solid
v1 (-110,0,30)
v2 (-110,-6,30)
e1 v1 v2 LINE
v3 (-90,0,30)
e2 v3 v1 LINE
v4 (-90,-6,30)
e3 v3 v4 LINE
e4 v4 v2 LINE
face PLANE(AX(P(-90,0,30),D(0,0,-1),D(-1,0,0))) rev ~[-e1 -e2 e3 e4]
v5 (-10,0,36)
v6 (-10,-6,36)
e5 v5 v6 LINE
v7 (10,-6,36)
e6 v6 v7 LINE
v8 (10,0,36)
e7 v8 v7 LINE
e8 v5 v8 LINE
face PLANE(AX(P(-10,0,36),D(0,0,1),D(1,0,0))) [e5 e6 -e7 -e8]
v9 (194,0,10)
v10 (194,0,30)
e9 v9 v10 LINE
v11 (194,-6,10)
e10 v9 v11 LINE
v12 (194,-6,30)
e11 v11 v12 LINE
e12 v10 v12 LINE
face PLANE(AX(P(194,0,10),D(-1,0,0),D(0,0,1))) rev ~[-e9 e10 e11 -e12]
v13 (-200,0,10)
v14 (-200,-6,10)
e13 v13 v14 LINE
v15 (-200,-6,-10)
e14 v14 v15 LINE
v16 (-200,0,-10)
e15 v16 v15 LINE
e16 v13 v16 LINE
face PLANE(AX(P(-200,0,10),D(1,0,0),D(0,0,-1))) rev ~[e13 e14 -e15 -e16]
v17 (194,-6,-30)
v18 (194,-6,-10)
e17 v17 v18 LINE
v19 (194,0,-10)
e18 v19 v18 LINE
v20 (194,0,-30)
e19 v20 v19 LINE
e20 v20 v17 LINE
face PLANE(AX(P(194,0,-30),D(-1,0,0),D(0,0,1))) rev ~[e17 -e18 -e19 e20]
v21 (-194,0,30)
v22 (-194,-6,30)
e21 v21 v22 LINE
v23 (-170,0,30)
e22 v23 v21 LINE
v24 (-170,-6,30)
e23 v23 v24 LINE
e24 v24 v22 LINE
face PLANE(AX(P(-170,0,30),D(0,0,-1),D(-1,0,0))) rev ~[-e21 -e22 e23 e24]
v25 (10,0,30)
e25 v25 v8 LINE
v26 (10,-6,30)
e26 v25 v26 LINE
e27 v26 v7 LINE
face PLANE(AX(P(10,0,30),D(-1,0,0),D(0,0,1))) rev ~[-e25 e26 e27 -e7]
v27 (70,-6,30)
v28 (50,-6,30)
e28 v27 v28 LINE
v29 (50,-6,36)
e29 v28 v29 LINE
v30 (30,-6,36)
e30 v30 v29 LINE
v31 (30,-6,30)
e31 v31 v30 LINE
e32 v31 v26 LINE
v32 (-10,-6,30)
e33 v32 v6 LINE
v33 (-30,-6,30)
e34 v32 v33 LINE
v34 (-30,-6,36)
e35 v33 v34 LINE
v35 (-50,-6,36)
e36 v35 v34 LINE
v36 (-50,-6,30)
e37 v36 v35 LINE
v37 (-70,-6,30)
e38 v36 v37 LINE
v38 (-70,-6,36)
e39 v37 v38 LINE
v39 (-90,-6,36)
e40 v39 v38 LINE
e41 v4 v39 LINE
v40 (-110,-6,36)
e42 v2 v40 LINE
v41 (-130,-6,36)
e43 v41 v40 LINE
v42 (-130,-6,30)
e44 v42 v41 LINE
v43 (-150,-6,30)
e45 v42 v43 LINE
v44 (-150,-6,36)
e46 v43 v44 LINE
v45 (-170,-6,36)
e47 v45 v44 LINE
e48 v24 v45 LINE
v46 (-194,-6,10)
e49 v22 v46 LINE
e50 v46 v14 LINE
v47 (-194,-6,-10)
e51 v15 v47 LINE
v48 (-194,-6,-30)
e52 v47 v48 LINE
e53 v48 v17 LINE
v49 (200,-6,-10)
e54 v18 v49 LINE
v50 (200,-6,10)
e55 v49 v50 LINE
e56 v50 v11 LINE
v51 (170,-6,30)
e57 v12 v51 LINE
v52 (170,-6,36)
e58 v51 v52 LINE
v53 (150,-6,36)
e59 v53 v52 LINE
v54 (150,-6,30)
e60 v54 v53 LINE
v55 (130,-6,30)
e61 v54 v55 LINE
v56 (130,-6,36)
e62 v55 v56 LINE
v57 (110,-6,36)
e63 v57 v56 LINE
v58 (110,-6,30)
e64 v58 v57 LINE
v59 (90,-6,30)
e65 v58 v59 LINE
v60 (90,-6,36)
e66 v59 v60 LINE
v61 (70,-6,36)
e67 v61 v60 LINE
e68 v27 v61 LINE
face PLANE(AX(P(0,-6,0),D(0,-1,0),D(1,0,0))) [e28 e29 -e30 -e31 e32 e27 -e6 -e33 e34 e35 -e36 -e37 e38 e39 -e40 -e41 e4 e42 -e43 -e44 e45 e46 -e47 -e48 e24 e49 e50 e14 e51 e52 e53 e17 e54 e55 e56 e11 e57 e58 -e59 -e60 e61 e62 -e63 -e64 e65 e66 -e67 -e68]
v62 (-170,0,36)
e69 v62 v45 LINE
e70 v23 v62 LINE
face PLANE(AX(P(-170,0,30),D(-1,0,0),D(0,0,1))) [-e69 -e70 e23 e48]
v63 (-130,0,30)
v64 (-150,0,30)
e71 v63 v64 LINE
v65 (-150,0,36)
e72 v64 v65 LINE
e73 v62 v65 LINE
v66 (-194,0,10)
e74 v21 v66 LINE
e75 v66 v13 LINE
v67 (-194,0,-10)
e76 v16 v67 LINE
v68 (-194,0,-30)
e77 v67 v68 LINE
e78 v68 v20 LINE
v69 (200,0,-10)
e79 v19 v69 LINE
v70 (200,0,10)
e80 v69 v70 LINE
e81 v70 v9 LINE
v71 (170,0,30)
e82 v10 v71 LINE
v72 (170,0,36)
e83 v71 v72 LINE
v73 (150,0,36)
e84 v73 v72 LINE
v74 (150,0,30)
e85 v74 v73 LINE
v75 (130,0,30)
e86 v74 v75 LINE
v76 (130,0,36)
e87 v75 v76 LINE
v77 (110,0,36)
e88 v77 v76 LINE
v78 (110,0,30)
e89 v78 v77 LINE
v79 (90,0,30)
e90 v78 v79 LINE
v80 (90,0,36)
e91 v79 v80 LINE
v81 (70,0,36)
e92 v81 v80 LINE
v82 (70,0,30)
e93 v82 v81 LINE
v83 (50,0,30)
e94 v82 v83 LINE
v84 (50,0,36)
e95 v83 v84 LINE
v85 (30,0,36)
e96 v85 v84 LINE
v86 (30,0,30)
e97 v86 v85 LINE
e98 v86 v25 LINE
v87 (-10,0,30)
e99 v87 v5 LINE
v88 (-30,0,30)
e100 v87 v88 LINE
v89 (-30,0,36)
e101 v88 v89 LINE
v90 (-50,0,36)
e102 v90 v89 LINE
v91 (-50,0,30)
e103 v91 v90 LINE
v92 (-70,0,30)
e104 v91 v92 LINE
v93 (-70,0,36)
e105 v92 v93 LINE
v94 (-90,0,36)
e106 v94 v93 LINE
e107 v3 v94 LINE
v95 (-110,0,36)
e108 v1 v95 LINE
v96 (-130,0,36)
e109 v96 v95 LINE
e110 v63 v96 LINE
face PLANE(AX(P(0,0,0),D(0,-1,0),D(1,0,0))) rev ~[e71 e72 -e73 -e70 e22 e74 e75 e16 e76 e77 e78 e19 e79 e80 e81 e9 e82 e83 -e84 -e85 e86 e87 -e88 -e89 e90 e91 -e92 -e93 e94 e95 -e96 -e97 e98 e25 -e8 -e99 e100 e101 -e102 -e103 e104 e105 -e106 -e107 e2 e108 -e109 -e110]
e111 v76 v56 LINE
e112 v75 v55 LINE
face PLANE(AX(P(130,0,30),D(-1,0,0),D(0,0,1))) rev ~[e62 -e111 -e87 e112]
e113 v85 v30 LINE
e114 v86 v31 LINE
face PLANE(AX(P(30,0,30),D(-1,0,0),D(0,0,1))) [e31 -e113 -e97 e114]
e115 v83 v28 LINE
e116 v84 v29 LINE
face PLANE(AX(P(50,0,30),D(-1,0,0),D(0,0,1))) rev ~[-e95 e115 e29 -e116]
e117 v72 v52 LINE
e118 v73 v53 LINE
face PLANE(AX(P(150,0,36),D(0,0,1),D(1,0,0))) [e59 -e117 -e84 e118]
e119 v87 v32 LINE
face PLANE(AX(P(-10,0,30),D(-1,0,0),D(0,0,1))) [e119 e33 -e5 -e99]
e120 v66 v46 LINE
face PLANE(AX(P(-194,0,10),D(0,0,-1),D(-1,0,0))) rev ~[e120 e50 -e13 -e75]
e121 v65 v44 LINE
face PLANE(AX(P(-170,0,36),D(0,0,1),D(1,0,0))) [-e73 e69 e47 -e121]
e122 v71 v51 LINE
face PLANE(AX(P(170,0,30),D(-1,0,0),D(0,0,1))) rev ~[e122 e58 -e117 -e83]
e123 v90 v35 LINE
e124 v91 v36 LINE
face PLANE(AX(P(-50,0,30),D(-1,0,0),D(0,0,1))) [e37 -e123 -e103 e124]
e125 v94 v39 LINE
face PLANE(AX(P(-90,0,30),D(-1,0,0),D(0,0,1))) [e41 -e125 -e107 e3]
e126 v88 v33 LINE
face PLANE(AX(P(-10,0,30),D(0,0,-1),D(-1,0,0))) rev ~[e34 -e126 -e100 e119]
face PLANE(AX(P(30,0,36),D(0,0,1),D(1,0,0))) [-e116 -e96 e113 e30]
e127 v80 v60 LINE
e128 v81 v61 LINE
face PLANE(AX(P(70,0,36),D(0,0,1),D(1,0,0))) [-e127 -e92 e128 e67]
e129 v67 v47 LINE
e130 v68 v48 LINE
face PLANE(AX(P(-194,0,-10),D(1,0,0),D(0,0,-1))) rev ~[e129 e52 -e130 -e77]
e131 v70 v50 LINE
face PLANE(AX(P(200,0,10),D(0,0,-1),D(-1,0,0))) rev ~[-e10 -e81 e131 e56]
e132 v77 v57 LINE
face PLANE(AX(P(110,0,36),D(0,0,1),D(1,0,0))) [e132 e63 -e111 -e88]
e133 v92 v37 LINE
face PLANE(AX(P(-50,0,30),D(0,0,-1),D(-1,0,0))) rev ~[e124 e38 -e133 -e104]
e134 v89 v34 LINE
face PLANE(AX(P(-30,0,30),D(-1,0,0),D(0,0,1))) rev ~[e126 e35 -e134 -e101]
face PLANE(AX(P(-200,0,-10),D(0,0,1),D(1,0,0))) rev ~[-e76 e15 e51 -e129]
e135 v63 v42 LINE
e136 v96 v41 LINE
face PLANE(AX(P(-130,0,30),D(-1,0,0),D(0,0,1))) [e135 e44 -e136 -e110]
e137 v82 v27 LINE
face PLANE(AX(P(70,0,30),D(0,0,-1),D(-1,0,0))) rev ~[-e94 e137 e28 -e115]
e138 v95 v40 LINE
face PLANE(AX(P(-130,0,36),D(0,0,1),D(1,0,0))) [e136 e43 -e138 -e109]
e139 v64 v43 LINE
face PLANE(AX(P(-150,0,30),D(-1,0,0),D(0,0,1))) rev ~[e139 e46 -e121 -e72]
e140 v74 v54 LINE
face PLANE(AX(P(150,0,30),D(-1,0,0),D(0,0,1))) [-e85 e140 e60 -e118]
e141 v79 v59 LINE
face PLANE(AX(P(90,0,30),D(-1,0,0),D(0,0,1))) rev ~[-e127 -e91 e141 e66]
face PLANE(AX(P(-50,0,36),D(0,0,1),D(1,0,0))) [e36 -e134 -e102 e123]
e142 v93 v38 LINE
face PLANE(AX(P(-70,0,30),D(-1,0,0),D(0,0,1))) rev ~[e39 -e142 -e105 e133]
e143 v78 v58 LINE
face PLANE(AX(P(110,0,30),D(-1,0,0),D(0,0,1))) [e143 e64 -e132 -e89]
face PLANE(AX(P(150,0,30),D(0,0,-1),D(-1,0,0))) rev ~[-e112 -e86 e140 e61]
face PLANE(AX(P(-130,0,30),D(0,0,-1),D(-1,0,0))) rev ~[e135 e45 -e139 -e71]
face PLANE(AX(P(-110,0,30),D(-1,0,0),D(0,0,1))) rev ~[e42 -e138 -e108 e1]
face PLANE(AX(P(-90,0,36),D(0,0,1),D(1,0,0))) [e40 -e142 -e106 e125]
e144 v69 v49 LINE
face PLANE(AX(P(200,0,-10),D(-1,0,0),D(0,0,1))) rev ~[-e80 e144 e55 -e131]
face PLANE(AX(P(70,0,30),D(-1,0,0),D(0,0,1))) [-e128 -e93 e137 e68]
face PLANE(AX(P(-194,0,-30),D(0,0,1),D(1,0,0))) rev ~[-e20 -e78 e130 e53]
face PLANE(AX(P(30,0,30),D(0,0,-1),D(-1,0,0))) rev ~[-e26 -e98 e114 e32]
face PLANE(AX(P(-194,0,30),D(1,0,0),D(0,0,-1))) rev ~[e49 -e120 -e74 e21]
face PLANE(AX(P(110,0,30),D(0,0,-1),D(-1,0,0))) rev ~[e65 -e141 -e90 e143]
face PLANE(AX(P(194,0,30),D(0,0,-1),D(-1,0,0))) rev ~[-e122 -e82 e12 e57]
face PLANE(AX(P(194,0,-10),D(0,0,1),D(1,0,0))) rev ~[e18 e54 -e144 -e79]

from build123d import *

# Parameters (mm, degrees)
F0_W     = 20
F0_H     = 6
F1_DEPTH = 6


with BuildPart() as f1:
    # F0 (on Front) → F1 (new body)
    with BuildSketch(Plane.XZ):
        Polygon((-194, -30), (194, -30), (194, -10), (200, -10), (200, 10), (194, 10), (194, 30), (170, 30), (150, 30), (130, 30), (110, 30), (90, 30), (70, 30), (50, 30), (30, 30), (10, 30), (-10, 30), (-30, 30), (-50, 30), (-70, 30), (-90, 30), (-110, 30), (-130, 30), (-150, 30), (-170, 30), (-194, 30), (-194, 10), (-200, 10), (-200, -10), (-194, -10), align=None)
        with Locations((-160, 33)):
            Rectangle(F0_W, F0_H)
        with Locations((-120, 33)):
            Rectangle(F0_W, F0_H)
        with Locations((-80, 33)):
            Rectangle(F0_W, F0_H)
        with Locations((-40, 33)):
            Rectangle(F0_W, F0_H)
        with Locations((0, 33)):
            Rectangle(F0_W, F0_H)
        with Locations((40, 33)):
            Rectangle(F0_W, F0_H)
        with Locations((80, 33)):
            Rectangle(F0_W, F0_H)
        with Locations((120, 33)):
            Rectangle(F0_W, F0_H)
        with Locations((160, 33)):
            Rectangle(F0_W, F0_H)
    extrude(amount=F1_DEPTH)


solid = f1.part
